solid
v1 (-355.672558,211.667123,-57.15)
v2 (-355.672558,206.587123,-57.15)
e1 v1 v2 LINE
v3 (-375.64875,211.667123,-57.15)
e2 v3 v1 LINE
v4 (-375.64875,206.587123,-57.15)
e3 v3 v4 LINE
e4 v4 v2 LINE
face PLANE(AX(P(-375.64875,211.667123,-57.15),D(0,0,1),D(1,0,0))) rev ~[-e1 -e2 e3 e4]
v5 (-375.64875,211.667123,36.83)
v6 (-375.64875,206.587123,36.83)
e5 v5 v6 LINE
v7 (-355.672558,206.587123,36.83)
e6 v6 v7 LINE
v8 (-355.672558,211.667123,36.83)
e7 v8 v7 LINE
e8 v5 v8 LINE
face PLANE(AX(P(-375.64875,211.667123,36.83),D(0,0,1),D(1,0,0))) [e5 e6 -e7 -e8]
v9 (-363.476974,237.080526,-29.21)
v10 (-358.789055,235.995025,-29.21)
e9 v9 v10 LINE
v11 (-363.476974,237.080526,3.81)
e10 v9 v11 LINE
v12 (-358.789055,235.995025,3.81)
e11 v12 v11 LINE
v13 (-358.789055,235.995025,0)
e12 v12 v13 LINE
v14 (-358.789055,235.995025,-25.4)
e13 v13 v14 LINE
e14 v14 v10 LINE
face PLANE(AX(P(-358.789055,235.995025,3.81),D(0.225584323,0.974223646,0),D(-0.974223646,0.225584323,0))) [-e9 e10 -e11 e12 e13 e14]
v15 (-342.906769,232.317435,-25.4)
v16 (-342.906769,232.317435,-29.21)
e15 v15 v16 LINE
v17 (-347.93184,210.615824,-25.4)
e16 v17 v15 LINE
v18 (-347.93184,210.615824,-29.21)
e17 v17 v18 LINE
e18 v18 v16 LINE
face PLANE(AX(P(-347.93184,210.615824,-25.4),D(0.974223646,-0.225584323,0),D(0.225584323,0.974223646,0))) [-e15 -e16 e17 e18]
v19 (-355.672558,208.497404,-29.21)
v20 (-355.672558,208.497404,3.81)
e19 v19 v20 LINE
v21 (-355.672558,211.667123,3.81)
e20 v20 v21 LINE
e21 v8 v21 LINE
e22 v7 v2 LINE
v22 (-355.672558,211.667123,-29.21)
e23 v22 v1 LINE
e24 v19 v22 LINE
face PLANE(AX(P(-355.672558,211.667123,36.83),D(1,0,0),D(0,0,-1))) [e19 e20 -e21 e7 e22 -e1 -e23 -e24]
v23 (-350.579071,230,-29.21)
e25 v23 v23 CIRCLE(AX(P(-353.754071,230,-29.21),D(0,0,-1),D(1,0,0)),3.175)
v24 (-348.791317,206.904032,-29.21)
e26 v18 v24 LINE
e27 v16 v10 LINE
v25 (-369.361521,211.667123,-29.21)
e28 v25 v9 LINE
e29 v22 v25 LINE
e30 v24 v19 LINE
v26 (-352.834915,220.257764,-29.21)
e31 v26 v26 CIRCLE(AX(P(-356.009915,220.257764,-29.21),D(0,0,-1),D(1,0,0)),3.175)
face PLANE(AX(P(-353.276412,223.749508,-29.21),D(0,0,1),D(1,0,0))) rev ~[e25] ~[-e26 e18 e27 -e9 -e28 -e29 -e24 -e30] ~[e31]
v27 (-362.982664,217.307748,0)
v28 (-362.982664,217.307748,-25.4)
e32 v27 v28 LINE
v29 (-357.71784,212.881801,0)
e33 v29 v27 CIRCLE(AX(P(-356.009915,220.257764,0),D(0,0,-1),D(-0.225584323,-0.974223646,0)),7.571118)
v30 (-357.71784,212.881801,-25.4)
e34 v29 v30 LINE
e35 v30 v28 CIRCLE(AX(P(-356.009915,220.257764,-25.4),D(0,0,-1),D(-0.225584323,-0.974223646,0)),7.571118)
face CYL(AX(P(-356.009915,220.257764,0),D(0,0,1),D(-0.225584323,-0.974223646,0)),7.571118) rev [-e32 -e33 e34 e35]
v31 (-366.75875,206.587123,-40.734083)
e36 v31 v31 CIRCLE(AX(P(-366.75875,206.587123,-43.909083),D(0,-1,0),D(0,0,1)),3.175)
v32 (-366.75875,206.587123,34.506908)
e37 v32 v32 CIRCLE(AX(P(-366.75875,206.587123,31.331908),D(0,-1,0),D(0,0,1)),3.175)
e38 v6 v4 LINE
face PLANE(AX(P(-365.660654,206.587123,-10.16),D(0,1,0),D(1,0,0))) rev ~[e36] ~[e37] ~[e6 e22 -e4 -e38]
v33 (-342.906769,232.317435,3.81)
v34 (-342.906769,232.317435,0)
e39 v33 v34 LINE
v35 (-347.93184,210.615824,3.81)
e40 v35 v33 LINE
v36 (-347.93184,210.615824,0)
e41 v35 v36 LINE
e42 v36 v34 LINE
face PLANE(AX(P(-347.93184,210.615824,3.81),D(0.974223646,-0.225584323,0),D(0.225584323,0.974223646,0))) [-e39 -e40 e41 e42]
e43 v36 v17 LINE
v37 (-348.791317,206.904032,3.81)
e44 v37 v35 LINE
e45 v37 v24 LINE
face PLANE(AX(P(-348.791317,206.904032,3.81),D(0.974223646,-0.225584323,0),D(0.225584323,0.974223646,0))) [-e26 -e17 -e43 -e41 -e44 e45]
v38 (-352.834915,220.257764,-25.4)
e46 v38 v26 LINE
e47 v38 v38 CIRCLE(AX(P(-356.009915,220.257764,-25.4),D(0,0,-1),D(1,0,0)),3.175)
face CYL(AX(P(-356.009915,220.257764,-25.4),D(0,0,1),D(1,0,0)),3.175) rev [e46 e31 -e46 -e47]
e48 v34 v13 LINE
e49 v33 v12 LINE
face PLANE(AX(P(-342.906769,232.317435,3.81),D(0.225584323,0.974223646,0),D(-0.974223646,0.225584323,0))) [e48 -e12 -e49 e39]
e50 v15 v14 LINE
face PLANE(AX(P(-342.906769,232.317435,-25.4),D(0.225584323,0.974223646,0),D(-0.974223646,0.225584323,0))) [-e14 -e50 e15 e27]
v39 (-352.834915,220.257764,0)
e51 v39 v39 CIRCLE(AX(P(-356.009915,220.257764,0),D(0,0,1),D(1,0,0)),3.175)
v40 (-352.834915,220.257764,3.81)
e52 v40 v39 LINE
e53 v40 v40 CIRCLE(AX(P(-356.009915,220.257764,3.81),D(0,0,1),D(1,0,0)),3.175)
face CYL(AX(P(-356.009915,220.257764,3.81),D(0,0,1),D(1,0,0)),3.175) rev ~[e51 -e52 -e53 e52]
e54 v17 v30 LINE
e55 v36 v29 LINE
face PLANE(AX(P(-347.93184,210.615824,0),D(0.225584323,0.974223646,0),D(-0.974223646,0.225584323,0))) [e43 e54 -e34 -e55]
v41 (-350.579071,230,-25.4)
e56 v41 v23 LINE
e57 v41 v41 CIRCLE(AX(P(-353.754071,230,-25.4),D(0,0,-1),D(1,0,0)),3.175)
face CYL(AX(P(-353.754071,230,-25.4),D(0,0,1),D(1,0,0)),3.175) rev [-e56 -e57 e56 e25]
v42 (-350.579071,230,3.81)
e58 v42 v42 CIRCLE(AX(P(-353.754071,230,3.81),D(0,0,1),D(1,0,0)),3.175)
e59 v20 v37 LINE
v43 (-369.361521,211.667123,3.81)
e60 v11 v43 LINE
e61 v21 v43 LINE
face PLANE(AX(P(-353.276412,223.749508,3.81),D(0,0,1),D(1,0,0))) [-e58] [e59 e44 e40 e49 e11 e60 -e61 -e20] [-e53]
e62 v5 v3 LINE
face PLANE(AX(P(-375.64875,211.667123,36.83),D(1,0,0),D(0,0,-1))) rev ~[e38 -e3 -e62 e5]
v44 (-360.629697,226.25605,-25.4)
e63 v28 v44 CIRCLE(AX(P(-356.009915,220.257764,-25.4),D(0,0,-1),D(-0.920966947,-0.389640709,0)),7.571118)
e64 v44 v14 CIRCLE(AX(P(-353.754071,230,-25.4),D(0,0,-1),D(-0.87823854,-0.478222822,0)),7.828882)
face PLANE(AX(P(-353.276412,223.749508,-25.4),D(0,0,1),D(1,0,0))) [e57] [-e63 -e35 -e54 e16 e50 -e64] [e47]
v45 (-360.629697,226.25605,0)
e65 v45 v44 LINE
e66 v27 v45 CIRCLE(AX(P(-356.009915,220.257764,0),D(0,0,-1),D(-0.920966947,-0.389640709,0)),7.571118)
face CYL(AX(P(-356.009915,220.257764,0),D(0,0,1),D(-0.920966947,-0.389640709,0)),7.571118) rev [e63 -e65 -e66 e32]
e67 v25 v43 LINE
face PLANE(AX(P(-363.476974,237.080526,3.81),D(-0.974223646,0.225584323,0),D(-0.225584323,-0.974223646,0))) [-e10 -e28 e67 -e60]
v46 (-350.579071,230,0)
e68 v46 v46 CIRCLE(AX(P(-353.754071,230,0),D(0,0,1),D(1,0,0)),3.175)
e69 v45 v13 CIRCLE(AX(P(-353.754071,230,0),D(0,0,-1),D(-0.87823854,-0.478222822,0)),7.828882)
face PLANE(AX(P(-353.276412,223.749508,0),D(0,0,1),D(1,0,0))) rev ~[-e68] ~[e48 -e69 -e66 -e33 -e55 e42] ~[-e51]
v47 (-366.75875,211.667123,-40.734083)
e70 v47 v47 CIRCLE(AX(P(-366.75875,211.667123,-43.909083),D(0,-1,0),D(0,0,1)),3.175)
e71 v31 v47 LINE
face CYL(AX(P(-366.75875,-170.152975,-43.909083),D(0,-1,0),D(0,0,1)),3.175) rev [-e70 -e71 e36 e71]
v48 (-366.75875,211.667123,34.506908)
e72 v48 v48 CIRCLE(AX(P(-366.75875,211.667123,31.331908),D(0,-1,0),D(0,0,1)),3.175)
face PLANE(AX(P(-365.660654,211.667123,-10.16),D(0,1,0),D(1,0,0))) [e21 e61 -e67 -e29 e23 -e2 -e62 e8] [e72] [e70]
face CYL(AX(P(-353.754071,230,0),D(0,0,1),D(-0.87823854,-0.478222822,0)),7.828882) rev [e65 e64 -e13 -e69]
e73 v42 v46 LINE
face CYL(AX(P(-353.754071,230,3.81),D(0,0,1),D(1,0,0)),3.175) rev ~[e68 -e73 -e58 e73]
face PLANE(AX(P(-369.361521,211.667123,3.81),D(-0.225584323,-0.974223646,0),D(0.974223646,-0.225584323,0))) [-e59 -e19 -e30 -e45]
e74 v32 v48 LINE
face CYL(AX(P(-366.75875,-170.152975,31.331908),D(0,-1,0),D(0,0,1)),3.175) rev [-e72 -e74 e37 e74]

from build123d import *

# Parameters (mm, degrees)
BOSS_EXTRUDE1_DEPTH     = 25.4
SKETCH2_R               = 3.175
BOSS_EXTRUDE3_DEPTH     = 3.81
BOSS_EXTRUDE4_START     = 3.81
SKETCH3_R               = 3.175
BOSS_EXTRUDE4_DEPTH     = 3.81
SKETCH4_W               = 19.976191583
SKETCH4_H               = 93.98
BOSS_EXTRUDE5_DEPTH     = 5.08
CUT_EXTRUDE1_DEPTH      = 5.08
CUT_EXTRUDE1_DEPTH_BACK = 381.820097899
SKETCH5_R               = 3.175


with BuildPart() as part:
    # Sketch1 → Boss-Extrude1 (new body)
    with BuildSketch(Plane.XY):
        with BuildLine():
            Line((-348.791316574, 206.904032246), (-347.931840304, 210.615824339))
            Line((-347.931840304, 210.615824339), (-357.71784023, 212.881801123))
            ThreePointArc((-357.71784023, 212.881801123), (-360.881852793, 214.462416261), (-362.982664296, 217.307747657))
            ThreePointArc((-362.982664296, 217.307747657), (-363.332122594, 222.183147168), (-360.629697113, 226.256050065))
            ThreePointArc((-360.629697113, 226.256050065), (-361.446766946, 231.453900041), (-358.789055407, 235.995025106))
            Line((-358.789055407, 235.995025106), (-363.476973871, 237.08052628))
            Line((-363.476973871, 237.08052628), (-369.361521397, 211.667123083))
            Line((-369.361521397, 211.667123083), (-348.791316574, 206.904032246))
        make_face()
    extrude(amount=-BOSS_EXTRUDE1_DEPTH)

    # Sketch2 → Boss-Extrude3 (add)
    # profile 1 of 2: a face of its own
    with BuildSketch(Plane(origin=(0, 0, -25.4), x_dir=(-1, 0, 0), z_dir=(0, 0, -1))):
        with BuildLine():
            Line((342.906769048, 232.317435443), (358.789055407, 235.995025106))
            ThreePointArc((358.789055407, 235.995025106), (361.446766946, 231.453900041), (360.629697113, 226.256050065))
            ThreePointArc((360.629697113, 226.256050065), (363.40772554, 218.647103628), (357.71784023, 212.881801123))
            Line((357.71784023, 212.881801123), (347.931840304, 210.615824339))
            Line((347.931840304, 210.615824339), (342.906769048, 232.317435443))
        make_face()
        with Locations(Location((353.754071424, 230, 0), (0, 0, 180))):
            Circle(SKETCH2_R, mode=Mode.SUBTRACT)
        with Locations(Location((356.009914651, 220.257763535, 0), (0, 0, 180))):
            Circle(SKETCH2_R, mode=Mode.SUBTRACT)
    # profile 2 of 2: a face of its own
    with BuildSketch(Plane(origin=(0, 0, -25.4), x_dir=(-1, 0, 0), z_dir=(0, 0, -1))):
        with BuildLine():
            ThreePointArc((360.629697113, 226.256050065), (363.40772554, 218.647103628), (357.71784023, 212.881801123))
            Line((357.71784023, 212.881801123), (347.931840304, 210.615824339))
            Line((347.931840304, 210.615824339), (348.791316574, 206.904032246))
            Line((348.791316574, 206.904032246), (369.361521397, 211.667123083))
            Line((369.361521397, 211.667123083), (363.476973871, 237.08052628))
            Line((363.476973871, 237.08052628), (358.789055407, 235.995025106))
            ThreePointArc((358.789055407, 235.995025106), (361.446766946, 231.453900041), (360.629697113, 226.256050065))
        make_face()
    extrude(amount=BOSS_EXTRUDE3_DEPTH)

    # Sketch3 → Boss-Extrude4 (add)
    # profile 1 of 2: a face of its own
    with BuildSketch(Plane.XY.offset(BOSS_EXTRUDE4_START)):
        with BuildLine():
            Line((-342.906769048, 232.317435443), (-358.789055407, 235.995025106))
            ThreePointArc((-358.789055407, 235.995025106), (-361.446766946, 231.453900041), (-360.629697113, 226.256050065))
            ThreePointArc((-360.629697113, 226.256050065), (-363.40772554, 218.647103628), (-357.71784023, 212.881801123))
            Line((-357.71784023, 212.881801123), (-347.931840304, 210.615824339))
            Line((-347.931840304, 210.615824339), (-342.906769048, 232.317435443))
        make_face()
        with Locations((-356.009914651, 220.257763535)):
            Circle(SKETCH3_R, mode=Mode.SUBTRACT)
        with Locations((-353.754071424, 230)):
            Circle(SKETCH3_R, mode=Mode.SUBTRACT)
    # profile 2 of 2: a face of its own
    with BuildSketch(Plane.XY.offset(BOSS_EXTRUDE4_START)):
        with BuildLine():
            Line((-347.931840304, 210.615824339), (-357.71784023, 212.881801123))
            ThreePointArc((-357.71784023, 212.881801123), (-363.40772554, 218.647103628), (-360.629697113, 226.256050065))
            ThreePointArc((-360.629697113, 226.256050065), (-361.446766946, 231.453900041), (-358.789055407, 235.995025106))
            Line((-358.789055407, 235.995025106), (-363.476973871, 237.08052628))
            Line((-363.476973871, 237.08052628), (-369.361521397, 211.667123083))
            Line((-369.361521397, 211.667123083), (-348.791316574, 206.904032246))
            Line((-348.791316574, 206.904032246), (-347.931840304, 210.615824339))
        make_face()
    extrude(amount=-BOSS_EXTRUDE4_DEPTH)

    # Sketch4 → Boss-Extrude5 (add)
    with BuildSketch(Plane(origin=(0, 211.667123083, 0), x_dir=(1, 0, 0), z_dir=(0, 1, 0))):
        with Locations((-365.660654241, 10.16)):
            Rectangle(SKETCH4_W, SKETCH4_H)
    extrude(amount=-BOSS_EXTRUDE5_DEPTH)

    # Sketch5 → Cut-Extrude1 (cut, two sides: drawn at the far end of the back side and taken through both)
    with BuildSketch(Plane(origin=(0, 211.667123083, 0), x_dir=(1, 0, 0), z_dir=(0, 1, 0)).offset(-CUT_EXTRUDE1_DEPTH_BACK)):
        with Locations(Location((-366.758750033, 43.909082713, 0), (0, 0, 270))):
            Circle(SKETCH5_R)
        with Locations(Location((-366.758750033, -31.331908304, 0), (0, 0, 270))):
            Circle(SKETCH5_R)
    extrude(amount=CUT_EXTRUDE1_DEPTH + CUT_EXTRUDE1_DEPTH_BACK, mode=Mode.SUBTRACT)


solid = part.part
